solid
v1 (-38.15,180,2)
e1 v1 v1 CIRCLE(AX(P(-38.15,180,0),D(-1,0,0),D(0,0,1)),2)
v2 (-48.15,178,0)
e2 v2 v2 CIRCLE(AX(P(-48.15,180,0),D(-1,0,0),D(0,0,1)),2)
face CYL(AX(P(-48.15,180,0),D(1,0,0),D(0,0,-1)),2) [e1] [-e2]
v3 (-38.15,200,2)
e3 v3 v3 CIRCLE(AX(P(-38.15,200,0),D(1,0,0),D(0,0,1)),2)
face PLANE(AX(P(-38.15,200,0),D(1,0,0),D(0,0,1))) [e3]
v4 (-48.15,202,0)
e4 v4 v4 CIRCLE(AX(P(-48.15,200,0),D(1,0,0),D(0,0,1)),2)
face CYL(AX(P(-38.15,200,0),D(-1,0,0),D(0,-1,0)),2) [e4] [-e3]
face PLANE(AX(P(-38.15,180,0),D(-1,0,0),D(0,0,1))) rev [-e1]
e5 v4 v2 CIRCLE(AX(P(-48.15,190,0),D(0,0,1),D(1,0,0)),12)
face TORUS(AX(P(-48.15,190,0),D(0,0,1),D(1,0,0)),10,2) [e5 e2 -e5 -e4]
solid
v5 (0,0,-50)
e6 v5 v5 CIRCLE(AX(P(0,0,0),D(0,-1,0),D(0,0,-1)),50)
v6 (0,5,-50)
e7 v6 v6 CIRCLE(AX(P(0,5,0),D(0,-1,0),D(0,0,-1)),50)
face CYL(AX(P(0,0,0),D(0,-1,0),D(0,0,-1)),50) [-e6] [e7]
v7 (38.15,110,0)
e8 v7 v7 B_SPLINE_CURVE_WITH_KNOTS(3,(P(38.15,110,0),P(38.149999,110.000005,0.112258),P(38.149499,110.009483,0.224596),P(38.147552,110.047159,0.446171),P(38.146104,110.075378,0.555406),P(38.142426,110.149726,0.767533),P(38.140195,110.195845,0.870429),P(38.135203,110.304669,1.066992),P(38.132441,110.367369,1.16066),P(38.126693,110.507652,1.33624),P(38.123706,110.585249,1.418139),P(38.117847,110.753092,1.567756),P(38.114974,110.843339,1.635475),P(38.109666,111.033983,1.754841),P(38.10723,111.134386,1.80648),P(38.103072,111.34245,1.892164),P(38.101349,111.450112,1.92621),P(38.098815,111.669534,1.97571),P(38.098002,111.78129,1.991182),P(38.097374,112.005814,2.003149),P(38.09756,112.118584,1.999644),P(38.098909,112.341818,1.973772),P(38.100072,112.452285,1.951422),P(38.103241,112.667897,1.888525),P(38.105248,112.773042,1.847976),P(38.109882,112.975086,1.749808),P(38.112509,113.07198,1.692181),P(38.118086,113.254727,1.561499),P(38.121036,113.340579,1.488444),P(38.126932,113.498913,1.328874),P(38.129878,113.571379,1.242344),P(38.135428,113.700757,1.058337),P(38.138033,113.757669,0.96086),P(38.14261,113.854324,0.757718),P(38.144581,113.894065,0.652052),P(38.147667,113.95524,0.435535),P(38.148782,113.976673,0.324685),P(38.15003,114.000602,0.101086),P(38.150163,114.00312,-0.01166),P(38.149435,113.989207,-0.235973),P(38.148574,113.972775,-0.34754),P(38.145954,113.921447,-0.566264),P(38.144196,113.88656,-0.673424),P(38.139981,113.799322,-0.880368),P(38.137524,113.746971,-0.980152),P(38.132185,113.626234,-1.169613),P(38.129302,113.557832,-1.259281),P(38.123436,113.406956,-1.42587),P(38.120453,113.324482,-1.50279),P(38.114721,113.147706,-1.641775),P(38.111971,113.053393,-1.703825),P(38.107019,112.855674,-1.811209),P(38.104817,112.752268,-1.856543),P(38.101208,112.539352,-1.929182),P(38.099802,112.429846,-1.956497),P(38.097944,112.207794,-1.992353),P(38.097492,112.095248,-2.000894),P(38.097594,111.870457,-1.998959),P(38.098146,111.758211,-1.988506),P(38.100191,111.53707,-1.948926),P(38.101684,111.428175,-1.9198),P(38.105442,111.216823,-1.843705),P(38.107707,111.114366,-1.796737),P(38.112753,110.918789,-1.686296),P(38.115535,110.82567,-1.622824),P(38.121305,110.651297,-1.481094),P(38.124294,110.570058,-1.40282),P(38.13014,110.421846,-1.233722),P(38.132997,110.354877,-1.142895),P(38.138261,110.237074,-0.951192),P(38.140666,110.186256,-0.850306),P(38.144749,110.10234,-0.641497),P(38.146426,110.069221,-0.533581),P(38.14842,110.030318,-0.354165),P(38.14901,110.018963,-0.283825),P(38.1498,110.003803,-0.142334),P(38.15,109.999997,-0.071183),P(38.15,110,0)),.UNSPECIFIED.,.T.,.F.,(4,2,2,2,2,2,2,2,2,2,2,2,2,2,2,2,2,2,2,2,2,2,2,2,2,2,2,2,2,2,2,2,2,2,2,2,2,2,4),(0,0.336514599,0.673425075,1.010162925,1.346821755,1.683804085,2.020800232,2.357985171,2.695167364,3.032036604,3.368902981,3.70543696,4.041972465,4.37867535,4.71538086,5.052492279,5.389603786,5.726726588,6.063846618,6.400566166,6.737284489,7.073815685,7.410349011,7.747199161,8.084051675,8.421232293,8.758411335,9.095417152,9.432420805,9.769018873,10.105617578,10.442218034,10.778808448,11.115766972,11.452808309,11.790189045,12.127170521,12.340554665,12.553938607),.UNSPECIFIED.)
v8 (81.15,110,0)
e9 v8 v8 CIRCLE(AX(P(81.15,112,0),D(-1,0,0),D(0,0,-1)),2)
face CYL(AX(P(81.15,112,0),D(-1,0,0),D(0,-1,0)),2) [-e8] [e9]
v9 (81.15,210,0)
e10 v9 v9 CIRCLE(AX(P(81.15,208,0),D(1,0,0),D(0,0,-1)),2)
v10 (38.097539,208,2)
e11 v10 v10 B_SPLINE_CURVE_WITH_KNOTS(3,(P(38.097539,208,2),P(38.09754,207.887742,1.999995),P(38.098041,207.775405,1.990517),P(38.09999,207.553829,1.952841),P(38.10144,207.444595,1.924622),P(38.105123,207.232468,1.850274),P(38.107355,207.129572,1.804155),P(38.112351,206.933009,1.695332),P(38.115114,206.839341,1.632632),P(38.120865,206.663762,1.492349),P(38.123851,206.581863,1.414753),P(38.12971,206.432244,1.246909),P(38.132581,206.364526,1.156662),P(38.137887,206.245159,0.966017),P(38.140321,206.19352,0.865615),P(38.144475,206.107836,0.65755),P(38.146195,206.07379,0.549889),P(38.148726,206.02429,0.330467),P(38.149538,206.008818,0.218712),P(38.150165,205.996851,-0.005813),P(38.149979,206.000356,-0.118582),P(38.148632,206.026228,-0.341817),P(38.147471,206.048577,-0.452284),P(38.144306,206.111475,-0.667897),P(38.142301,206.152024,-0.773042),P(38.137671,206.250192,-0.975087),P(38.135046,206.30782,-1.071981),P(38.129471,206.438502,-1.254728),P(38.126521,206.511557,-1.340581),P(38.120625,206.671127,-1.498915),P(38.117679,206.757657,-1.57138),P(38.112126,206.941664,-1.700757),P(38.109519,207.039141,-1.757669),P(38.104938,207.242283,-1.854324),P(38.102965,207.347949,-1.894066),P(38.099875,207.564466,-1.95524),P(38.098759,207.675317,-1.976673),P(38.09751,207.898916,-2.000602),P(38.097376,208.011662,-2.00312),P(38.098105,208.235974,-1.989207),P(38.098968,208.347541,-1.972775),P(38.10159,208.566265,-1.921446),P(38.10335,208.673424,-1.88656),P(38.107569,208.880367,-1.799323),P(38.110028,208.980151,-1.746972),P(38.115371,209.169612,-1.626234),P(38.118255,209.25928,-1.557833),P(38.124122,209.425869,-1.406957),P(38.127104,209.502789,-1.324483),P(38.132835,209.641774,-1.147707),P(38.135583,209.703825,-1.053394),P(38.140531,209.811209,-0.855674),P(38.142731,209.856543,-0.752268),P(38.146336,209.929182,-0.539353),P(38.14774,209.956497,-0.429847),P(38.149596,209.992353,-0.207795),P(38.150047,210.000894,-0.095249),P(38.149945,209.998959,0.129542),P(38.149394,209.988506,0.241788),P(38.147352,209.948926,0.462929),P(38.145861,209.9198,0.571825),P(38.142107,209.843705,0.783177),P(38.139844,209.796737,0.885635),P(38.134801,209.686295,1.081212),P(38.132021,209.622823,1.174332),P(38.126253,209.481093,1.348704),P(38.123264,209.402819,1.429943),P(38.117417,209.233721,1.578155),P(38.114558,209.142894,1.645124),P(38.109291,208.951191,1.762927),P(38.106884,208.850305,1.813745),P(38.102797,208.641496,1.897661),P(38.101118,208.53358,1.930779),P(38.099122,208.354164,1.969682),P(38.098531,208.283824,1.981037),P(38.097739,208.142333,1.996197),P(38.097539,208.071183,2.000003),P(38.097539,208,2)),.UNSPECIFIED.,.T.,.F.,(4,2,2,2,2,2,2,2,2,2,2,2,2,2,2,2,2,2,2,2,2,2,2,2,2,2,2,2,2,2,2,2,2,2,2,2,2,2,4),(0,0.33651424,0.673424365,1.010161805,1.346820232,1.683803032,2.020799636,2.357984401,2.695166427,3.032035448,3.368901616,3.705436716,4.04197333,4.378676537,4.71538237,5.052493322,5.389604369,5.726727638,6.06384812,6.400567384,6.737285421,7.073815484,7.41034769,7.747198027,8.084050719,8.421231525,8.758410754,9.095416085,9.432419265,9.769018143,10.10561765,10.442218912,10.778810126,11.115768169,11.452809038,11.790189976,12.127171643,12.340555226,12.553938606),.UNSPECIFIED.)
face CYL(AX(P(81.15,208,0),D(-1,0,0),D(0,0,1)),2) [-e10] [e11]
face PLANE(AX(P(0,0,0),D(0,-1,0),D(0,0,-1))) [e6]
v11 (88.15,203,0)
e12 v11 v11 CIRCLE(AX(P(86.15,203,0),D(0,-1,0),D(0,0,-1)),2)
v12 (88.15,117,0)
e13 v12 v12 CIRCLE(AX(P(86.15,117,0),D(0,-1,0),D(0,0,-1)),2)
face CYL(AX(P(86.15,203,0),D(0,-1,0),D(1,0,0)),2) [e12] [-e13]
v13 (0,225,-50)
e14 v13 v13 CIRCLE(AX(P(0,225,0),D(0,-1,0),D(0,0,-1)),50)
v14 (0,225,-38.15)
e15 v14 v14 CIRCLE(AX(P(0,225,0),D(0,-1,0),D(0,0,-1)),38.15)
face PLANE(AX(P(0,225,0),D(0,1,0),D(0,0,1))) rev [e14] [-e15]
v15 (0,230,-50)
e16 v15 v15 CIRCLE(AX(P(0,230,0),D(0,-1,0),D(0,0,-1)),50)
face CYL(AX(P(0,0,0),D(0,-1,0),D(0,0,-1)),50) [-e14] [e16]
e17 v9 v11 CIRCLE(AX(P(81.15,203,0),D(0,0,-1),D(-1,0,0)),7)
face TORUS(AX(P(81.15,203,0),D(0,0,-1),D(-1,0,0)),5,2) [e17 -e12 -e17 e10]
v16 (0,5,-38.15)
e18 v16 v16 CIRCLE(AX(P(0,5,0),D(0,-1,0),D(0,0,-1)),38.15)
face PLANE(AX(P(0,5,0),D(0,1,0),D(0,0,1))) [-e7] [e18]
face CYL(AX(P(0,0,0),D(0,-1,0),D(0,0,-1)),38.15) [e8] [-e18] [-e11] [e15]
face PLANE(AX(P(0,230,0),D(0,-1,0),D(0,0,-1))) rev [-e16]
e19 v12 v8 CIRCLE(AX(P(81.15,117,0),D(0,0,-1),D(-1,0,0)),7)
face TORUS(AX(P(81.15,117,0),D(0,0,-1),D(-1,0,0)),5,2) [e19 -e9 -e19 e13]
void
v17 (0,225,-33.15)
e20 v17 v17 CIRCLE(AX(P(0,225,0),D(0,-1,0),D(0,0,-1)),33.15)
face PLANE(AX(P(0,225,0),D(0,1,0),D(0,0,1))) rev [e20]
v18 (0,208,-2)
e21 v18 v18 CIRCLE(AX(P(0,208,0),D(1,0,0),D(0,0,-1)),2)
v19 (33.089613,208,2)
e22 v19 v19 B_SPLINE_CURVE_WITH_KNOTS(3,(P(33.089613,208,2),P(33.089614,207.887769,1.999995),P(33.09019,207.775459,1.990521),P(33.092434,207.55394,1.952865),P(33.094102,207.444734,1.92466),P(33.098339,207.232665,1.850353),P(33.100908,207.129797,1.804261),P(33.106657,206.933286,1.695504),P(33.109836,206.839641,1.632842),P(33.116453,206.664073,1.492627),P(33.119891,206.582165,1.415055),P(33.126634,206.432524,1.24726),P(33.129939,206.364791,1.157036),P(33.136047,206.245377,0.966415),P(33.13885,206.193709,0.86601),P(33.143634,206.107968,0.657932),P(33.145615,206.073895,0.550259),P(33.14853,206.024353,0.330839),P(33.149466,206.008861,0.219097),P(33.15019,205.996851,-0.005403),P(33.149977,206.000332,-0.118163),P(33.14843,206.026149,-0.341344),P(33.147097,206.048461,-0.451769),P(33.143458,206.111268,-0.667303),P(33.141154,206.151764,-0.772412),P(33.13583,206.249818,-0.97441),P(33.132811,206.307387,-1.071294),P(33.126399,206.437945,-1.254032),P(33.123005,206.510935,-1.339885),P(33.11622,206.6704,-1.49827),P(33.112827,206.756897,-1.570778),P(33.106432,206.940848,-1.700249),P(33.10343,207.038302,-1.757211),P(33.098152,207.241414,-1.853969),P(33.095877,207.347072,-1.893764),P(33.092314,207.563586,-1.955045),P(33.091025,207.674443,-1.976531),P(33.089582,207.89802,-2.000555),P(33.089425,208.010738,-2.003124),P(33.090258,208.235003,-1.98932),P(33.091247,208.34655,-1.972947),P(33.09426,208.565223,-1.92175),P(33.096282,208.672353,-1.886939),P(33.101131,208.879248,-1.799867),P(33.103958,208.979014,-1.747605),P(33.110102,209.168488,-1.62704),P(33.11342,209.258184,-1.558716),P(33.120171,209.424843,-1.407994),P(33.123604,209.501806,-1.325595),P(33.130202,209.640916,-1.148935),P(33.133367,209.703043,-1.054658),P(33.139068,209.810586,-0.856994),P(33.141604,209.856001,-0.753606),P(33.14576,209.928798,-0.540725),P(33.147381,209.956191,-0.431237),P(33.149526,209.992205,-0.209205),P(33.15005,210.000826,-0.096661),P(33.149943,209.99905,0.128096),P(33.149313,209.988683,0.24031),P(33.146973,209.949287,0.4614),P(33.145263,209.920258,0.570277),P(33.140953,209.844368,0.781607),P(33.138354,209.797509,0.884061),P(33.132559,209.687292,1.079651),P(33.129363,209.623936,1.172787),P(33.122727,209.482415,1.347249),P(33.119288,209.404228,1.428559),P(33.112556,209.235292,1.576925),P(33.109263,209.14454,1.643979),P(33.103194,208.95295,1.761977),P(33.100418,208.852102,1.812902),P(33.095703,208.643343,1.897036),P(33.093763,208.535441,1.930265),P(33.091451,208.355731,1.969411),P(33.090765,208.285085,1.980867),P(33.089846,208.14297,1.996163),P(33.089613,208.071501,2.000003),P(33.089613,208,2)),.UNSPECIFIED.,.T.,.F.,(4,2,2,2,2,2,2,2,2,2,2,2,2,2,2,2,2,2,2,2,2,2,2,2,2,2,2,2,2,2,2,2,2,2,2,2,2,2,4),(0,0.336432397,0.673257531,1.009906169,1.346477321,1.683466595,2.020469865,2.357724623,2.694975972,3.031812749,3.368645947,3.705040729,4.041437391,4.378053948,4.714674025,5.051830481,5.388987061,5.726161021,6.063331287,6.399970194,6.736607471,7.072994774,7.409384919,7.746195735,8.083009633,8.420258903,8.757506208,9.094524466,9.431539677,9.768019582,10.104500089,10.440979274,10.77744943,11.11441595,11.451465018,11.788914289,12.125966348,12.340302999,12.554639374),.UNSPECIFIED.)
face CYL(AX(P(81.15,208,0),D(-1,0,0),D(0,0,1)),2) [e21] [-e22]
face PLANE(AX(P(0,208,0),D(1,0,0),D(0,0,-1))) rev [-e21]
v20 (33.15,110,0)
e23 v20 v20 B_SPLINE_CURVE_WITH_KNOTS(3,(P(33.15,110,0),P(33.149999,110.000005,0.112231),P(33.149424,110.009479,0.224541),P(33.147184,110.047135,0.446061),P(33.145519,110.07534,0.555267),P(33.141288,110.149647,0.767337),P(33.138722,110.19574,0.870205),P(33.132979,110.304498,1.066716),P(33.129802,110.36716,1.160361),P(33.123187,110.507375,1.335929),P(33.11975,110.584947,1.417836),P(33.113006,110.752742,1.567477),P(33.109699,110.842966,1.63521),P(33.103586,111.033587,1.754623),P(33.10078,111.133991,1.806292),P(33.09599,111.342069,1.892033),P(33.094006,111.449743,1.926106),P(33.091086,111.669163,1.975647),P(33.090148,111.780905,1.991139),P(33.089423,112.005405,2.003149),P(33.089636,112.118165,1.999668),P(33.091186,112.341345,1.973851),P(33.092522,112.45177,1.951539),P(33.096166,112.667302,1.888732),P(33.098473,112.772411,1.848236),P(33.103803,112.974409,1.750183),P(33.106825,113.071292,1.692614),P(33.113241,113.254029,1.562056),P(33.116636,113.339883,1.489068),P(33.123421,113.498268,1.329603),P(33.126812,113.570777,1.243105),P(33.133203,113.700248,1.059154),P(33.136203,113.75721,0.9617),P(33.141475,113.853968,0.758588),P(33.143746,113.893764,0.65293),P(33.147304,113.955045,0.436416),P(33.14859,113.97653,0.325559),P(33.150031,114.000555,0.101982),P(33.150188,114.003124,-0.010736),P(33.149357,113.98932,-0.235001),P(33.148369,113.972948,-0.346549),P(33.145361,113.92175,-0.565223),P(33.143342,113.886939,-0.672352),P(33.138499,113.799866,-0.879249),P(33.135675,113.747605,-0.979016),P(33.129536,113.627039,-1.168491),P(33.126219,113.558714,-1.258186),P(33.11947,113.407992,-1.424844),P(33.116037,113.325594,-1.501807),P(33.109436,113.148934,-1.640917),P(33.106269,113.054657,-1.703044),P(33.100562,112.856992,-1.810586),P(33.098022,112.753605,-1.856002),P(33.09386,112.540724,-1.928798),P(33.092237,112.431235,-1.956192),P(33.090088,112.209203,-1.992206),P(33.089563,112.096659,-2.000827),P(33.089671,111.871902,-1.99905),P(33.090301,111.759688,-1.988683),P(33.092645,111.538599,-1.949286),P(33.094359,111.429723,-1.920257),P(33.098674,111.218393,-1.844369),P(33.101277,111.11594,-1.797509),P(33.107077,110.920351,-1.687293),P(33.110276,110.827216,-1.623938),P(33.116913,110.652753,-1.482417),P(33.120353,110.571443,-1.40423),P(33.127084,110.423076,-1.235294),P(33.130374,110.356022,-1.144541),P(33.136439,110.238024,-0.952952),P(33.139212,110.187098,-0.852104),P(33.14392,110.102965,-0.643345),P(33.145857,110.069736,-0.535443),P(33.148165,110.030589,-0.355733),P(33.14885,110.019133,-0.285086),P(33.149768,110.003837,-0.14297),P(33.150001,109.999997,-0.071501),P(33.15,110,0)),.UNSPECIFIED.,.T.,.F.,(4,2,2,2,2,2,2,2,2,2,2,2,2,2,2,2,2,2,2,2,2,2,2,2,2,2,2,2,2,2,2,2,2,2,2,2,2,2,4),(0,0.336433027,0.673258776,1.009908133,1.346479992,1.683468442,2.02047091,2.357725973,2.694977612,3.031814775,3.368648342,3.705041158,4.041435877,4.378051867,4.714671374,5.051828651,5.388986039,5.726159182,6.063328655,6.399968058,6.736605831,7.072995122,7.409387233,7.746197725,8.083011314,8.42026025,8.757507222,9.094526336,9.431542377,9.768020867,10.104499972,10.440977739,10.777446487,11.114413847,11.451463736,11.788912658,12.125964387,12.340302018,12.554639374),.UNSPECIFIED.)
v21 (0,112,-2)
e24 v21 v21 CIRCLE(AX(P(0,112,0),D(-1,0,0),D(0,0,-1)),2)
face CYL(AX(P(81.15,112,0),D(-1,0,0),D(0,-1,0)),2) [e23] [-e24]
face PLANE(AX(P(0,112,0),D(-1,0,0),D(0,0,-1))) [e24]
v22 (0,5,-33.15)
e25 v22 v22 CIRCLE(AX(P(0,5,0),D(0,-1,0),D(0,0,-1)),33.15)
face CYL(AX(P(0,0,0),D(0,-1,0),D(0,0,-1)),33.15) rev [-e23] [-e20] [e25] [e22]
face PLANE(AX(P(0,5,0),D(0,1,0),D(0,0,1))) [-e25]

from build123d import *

# Parameters (mm, degrees)
SKETCH_3_R        = 2
SWEEP_2_PROFILE_R = 2


with BuildPart() as part:
    # 草圖1 → 旋轉1 (revolve)
    with BuildSketch(Plane.XY, mode=Mode.PRIVATE) as revolve_1_sk:
        Polygon((0, 5), (0, 0), (50, 0), (50, 5), (38.15, 5), (38.15, 225), (50, 225), (50, 230), (0, 230), (0, 225), (33.15, 225), (33.15, 5), align=None)
    revolve(revolve_1_sk.sketch.rotate(Axis((0, 0, 0), (0, 1, 0)), 90), axis=Axis((0, 0, 0), (0, 1, 0)))

    # 掃出1: sweep along a path in 草圖2
    with BuildLine(Plane.XY) as sweep_1_path:
        Line((0, 208), (81.15, 208))
        ThreePointArc((81.15, 208), (84.685533906, 206.535533906), (86.15, 203))
        Line((86.15, 203), (86.15, 117))
        ThreePointArc((86.15, 117), (84.685533906, 113.464466094), (81.15, 112))
        Line((81.15, 112), (0, 112))
    # 草圖3 → 掃出1 (sweep)
    with BuildSketch(Plane(origin=(0, 0, 0), x_dir=(0, 0, -1), z_dir=(1, 0, 0))):
        with Locations((0, 208)):
            Circle(SKETCH_3_R)
    sweep(path=sweep_1_path.line)


with BuildPart() as body_2:
    # 掃出2: sweep along a path in 草圖4
    with BuildLine(Plane.XY) as sweep_2_path:
        Line((-38.15, 200), (-48.15, 200))
        ThreePointArc((-48.15, 200), (-58.15, 190), (-48.15, 180))
        Line((-48.15, 180), (-38.15, 180))
    # 掃出2 profile (on start of the path) → 掃出2 (sweep)
    with BuildSketch(Plane(origin=(-38.15, 200, 0), x_dir=(0, -1, 0), z_dir=(-1, 0, 0))):
        Circle(SWEEP_2_PROFILE_R)
    sweep(path=sweep_2_path.line)


solid = Compound([part.part, body_2.part])
